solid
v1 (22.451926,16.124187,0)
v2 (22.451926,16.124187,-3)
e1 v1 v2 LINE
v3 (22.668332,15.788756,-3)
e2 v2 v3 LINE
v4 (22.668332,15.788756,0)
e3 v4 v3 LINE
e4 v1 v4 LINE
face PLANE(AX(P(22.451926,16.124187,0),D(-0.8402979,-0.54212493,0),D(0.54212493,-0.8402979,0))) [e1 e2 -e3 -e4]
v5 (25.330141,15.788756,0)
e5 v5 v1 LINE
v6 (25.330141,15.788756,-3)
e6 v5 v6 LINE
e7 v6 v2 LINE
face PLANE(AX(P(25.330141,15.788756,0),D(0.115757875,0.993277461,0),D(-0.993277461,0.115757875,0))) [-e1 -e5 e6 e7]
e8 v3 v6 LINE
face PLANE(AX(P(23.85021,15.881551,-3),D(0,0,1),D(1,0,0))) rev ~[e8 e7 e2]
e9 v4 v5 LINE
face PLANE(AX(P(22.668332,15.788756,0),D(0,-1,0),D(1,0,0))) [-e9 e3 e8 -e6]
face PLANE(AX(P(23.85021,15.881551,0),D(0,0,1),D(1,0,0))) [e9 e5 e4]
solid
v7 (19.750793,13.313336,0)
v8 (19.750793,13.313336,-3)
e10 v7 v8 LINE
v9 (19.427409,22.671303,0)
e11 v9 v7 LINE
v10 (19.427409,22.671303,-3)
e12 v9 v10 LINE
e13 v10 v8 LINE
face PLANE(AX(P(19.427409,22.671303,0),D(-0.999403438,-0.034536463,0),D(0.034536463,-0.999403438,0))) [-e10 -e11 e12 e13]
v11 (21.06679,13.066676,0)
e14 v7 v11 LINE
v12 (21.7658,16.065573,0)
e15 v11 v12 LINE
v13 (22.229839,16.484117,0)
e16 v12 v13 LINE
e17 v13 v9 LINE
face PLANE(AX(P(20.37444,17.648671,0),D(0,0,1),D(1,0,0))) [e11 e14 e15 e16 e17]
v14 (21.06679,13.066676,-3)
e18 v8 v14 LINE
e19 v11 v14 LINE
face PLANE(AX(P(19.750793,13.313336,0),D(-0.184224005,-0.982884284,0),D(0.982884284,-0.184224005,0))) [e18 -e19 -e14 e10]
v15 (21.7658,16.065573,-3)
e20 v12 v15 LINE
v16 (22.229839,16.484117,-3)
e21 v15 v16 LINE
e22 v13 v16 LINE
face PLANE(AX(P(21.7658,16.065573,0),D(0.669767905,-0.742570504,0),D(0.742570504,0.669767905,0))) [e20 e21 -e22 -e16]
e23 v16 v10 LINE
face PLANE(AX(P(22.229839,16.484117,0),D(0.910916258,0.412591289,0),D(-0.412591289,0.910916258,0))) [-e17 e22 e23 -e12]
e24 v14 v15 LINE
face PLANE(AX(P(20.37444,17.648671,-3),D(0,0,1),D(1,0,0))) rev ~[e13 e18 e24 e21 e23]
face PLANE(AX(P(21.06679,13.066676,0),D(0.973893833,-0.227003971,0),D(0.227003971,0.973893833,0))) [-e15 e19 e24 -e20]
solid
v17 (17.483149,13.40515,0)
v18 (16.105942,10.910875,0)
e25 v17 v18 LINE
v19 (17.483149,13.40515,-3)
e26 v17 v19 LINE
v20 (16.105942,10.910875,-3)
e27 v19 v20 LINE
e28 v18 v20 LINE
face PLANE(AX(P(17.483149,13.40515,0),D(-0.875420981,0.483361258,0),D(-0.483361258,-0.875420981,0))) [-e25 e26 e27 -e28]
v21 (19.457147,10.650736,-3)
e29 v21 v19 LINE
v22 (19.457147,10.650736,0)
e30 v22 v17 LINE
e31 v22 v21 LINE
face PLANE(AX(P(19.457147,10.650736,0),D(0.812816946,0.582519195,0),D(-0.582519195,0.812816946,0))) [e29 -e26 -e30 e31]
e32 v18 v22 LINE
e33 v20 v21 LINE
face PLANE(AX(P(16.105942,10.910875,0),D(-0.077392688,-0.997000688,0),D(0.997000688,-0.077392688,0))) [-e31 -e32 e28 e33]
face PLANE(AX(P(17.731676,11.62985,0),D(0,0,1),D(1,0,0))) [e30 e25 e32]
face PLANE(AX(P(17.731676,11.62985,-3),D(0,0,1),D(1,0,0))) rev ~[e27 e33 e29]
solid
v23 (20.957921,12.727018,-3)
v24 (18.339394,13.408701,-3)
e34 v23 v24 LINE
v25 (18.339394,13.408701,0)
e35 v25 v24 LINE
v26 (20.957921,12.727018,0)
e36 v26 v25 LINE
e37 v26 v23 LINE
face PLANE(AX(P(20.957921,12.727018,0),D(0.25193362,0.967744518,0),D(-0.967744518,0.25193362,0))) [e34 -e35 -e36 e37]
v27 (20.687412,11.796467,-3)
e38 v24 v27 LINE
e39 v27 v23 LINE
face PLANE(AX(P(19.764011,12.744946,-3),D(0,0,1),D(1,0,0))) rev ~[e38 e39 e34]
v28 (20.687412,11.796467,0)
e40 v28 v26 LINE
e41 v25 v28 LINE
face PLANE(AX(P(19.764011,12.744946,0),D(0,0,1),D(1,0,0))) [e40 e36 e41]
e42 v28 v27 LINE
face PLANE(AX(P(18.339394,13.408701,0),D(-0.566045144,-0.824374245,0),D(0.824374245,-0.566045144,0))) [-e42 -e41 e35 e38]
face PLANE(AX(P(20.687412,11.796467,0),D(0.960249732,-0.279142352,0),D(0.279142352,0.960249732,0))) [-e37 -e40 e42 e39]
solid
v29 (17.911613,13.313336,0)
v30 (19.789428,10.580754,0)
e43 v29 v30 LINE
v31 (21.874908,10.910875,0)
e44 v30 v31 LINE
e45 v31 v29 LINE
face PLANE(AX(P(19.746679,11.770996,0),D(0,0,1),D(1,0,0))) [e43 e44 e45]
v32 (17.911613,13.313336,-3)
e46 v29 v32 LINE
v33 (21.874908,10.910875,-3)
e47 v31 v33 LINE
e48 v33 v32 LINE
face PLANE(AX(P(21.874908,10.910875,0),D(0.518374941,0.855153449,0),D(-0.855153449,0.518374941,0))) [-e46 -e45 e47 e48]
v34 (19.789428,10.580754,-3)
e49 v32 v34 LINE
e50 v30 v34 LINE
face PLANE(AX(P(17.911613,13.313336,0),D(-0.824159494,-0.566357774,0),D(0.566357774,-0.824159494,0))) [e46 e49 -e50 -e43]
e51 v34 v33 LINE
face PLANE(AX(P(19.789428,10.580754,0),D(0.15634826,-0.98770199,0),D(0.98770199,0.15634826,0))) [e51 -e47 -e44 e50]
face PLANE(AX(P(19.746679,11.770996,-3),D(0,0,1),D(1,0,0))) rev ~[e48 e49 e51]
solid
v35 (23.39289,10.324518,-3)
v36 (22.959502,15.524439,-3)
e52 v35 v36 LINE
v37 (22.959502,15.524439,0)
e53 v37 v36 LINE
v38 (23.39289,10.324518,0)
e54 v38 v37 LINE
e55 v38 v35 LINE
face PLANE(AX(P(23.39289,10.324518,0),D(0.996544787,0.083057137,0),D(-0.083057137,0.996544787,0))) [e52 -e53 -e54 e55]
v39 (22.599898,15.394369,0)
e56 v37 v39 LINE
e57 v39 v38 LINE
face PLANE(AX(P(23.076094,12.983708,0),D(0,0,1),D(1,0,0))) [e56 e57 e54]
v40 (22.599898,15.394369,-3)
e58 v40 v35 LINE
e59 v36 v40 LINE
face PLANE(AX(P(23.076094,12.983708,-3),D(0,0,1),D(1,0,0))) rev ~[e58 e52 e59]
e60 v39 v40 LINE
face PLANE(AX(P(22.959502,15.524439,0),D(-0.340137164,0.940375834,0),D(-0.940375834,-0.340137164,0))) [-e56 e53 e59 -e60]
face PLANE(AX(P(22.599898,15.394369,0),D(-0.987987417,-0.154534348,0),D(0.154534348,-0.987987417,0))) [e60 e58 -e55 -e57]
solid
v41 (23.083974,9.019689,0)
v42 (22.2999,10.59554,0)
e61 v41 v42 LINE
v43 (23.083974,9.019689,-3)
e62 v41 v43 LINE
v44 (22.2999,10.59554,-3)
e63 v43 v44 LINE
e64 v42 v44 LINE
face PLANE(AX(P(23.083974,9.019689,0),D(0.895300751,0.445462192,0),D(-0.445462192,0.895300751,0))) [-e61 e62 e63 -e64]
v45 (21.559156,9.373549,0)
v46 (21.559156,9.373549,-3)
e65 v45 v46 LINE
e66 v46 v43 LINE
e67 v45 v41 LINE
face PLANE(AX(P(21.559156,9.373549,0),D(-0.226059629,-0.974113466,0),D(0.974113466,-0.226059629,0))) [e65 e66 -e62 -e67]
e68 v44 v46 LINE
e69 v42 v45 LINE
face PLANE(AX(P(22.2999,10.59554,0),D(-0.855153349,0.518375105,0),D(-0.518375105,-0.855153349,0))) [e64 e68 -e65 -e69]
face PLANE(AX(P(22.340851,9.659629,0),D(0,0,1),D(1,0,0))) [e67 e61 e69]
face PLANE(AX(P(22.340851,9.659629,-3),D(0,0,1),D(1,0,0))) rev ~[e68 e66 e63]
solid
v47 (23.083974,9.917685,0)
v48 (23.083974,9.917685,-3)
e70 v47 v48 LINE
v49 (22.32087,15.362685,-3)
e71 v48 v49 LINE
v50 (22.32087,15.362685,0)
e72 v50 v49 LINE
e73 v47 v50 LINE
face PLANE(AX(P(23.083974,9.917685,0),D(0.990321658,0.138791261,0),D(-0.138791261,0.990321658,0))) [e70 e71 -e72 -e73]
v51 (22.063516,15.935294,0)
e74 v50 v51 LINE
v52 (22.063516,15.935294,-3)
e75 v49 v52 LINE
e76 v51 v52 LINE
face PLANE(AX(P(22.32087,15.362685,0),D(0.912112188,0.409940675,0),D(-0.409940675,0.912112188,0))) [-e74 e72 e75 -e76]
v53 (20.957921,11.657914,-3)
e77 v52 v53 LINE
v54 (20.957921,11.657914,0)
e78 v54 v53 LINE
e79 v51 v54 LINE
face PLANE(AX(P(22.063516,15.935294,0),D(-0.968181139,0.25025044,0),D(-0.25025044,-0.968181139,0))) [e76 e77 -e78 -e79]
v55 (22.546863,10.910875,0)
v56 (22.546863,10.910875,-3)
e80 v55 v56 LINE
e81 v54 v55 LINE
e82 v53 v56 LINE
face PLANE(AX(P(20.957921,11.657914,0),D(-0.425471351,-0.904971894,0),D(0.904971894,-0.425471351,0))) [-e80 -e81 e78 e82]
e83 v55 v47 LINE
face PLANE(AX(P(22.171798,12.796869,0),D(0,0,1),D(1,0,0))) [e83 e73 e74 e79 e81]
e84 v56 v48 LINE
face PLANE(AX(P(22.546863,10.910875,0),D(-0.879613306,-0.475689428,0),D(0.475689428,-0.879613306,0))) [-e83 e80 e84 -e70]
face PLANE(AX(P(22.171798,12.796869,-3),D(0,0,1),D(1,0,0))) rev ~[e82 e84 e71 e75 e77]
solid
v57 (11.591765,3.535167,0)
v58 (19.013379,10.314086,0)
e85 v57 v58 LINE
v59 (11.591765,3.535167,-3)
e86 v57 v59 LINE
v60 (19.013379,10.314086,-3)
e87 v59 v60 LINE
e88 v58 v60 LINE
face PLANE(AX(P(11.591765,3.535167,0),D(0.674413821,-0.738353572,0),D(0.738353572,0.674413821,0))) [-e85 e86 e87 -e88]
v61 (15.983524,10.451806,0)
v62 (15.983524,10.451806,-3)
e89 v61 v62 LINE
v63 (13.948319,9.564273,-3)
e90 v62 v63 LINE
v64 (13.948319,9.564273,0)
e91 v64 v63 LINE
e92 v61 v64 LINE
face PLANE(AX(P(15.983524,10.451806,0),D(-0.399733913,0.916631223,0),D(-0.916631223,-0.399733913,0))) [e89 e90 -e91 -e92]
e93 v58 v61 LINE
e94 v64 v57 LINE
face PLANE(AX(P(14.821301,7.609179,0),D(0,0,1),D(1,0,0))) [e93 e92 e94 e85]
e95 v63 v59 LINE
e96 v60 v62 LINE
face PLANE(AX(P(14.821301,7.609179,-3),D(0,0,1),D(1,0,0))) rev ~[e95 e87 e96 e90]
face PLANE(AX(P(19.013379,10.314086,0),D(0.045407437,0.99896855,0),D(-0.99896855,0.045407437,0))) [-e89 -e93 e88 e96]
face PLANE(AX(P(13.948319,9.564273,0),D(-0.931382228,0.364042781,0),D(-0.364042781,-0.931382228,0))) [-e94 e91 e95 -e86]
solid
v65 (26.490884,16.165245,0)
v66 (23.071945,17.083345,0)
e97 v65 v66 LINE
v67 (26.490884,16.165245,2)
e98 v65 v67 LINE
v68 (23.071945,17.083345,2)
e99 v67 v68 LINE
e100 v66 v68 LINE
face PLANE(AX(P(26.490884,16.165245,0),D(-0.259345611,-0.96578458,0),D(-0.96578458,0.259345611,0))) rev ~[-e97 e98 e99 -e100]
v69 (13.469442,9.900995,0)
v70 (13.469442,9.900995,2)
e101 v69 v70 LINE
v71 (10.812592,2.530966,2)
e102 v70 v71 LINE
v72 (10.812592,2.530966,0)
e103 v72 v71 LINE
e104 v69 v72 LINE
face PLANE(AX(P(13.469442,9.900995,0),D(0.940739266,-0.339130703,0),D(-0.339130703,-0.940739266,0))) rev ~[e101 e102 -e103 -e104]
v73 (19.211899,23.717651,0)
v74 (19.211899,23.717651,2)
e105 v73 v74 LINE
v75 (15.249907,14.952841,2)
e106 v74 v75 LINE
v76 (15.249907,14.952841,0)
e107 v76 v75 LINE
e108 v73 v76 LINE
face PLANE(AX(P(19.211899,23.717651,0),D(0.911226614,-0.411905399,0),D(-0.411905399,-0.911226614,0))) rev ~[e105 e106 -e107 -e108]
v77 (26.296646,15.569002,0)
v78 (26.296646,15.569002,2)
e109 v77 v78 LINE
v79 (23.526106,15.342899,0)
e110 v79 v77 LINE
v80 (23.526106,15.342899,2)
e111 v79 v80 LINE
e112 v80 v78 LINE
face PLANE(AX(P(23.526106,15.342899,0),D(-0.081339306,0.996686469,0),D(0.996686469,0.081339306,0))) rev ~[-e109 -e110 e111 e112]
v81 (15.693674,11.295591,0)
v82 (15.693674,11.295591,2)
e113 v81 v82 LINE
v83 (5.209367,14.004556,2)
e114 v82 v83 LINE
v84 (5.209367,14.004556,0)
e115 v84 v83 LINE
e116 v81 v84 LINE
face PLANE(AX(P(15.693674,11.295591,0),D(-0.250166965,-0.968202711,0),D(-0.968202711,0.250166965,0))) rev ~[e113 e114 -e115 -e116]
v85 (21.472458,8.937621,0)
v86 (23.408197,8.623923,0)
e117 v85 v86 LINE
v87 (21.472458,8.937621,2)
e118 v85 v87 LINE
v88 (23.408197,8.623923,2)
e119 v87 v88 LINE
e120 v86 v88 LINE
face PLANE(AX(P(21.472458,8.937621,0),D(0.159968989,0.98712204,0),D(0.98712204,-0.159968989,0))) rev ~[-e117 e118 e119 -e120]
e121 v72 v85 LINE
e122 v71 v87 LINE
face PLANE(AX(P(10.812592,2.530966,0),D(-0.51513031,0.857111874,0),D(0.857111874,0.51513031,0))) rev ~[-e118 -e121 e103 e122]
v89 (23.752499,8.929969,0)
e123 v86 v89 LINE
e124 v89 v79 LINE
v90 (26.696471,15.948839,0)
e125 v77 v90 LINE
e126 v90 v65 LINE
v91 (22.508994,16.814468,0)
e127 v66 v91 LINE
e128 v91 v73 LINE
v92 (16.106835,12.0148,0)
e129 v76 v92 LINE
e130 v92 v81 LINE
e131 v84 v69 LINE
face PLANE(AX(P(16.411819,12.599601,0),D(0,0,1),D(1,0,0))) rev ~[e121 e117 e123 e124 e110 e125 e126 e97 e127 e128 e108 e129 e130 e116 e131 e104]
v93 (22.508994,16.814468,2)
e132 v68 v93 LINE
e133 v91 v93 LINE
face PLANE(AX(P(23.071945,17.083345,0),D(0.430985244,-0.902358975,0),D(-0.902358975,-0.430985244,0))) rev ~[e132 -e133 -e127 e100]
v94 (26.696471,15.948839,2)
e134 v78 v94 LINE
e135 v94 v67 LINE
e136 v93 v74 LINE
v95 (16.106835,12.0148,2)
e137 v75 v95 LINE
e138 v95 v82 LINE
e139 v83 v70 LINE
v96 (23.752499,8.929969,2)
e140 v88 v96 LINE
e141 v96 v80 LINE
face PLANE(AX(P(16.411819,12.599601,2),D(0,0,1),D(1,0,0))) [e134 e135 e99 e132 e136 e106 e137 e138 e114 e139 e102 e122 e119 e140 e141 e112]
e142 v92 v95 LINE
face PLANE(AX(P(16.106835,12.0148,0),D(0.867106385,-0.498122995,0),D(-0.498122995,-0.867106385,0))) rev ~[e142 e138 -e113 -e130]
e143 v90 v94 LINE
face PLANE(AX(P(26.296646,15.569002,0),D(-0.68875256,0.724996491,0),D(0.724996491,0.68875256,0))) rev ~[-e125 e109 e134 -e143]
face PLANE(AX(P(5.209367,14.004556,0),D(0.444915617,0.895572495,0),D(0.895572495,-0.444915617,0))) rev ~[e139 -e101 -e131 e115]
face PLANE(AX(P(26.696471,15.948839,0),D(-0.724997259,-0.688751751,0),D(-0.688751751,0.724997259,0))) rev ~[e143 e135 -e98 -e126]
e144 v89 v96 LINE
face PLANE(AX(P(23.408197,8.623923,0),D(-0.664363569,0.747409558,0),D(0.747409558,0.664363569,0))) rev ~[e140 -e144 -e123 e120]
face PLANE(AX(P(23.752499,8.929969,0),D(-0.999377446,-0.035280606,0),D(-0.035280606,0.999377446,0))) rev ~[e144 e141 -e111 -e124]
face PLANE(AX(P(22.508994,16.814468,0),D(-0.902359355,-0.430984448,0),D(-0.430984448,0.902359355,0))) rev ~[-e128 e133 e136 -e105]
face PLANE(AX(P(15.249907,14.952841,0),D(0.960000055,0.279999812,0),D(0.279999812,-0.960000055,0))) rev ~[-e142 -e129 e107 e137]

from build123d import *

# Parameters (mm, degrees)
F2_DEPTH = 2
F3_DEPTH = 3


with BuildPart() as f2:
    # F0 (on Top) → F2 (new body)
    with BuildSketch(Plane.XY):
        Polygon((15.693674, 11.295591), (5.209367, 14.004556), (13.469442, 9.900995), (10.812592, 2.530966), (21.472458, 8.937621), (23.408197, 8.623923), (23.752499, 8.929969), (23.526106, 15.342899), (26.296646, 15.569002), (26.696471, 15.948839), (26.490884, 16.165245), (23.071945, 17.083345), (22.508994, 16.814468), (19.211899, 23.717651), (15.249907, 14.952841), (16.106835, 12.0148), align=None)
    extrude(amount=F2_DEPTH)


with BuildPart() as f3:
    # F1 (on face) → F3 (new body)
    with BuildSketch(Plane.XY):
        Polygon((13.948319, 9.564273), (11.591765, 3.535167), (19.013379, 10.314086), (15.983524, 10.451806), align=None)
        Polygon((17.483149, 13.40515), (16.105942, 10.910875), (19.457147, 10.650736), align=None)
        Polygon((21.874908, 10.910875), (17.911613, 13.313336), (19.789428, 10.580754), align=None)
        Polygon((21.559156, 9.373549), (23.083974, 9.019689), (22.2999, 10.59554), align=None)
        Polygon((20.687412, 11.796467), (20.957921, 12.727018), (18.339394, 13.408701), align=None)
        Polygon((22.546863, 10.910875), (23.083974, 9.917685), (22.32087, 15.362685), (22.063516, 15.935294), (20.957921, 11.657914), align=None)
        Polygon((19.750793, 13.313336), (21.06679, 13.066676), (21.7658, 16.065573), (22.229839, 16.484117), (19.427409, 22.671303), align=None)
        Polygon((23.39289, 10.324518), (22.959502, 15.524439), (22.599898, 15.394369), align=None)
        Polygon((25.330141, 15.788756), (22.451926, 16.124187), (22.668332, 15.788756), align=None)
    extrude(amount=-F3_DEPTH)


solid = Compound([f2.part, f3.part])
